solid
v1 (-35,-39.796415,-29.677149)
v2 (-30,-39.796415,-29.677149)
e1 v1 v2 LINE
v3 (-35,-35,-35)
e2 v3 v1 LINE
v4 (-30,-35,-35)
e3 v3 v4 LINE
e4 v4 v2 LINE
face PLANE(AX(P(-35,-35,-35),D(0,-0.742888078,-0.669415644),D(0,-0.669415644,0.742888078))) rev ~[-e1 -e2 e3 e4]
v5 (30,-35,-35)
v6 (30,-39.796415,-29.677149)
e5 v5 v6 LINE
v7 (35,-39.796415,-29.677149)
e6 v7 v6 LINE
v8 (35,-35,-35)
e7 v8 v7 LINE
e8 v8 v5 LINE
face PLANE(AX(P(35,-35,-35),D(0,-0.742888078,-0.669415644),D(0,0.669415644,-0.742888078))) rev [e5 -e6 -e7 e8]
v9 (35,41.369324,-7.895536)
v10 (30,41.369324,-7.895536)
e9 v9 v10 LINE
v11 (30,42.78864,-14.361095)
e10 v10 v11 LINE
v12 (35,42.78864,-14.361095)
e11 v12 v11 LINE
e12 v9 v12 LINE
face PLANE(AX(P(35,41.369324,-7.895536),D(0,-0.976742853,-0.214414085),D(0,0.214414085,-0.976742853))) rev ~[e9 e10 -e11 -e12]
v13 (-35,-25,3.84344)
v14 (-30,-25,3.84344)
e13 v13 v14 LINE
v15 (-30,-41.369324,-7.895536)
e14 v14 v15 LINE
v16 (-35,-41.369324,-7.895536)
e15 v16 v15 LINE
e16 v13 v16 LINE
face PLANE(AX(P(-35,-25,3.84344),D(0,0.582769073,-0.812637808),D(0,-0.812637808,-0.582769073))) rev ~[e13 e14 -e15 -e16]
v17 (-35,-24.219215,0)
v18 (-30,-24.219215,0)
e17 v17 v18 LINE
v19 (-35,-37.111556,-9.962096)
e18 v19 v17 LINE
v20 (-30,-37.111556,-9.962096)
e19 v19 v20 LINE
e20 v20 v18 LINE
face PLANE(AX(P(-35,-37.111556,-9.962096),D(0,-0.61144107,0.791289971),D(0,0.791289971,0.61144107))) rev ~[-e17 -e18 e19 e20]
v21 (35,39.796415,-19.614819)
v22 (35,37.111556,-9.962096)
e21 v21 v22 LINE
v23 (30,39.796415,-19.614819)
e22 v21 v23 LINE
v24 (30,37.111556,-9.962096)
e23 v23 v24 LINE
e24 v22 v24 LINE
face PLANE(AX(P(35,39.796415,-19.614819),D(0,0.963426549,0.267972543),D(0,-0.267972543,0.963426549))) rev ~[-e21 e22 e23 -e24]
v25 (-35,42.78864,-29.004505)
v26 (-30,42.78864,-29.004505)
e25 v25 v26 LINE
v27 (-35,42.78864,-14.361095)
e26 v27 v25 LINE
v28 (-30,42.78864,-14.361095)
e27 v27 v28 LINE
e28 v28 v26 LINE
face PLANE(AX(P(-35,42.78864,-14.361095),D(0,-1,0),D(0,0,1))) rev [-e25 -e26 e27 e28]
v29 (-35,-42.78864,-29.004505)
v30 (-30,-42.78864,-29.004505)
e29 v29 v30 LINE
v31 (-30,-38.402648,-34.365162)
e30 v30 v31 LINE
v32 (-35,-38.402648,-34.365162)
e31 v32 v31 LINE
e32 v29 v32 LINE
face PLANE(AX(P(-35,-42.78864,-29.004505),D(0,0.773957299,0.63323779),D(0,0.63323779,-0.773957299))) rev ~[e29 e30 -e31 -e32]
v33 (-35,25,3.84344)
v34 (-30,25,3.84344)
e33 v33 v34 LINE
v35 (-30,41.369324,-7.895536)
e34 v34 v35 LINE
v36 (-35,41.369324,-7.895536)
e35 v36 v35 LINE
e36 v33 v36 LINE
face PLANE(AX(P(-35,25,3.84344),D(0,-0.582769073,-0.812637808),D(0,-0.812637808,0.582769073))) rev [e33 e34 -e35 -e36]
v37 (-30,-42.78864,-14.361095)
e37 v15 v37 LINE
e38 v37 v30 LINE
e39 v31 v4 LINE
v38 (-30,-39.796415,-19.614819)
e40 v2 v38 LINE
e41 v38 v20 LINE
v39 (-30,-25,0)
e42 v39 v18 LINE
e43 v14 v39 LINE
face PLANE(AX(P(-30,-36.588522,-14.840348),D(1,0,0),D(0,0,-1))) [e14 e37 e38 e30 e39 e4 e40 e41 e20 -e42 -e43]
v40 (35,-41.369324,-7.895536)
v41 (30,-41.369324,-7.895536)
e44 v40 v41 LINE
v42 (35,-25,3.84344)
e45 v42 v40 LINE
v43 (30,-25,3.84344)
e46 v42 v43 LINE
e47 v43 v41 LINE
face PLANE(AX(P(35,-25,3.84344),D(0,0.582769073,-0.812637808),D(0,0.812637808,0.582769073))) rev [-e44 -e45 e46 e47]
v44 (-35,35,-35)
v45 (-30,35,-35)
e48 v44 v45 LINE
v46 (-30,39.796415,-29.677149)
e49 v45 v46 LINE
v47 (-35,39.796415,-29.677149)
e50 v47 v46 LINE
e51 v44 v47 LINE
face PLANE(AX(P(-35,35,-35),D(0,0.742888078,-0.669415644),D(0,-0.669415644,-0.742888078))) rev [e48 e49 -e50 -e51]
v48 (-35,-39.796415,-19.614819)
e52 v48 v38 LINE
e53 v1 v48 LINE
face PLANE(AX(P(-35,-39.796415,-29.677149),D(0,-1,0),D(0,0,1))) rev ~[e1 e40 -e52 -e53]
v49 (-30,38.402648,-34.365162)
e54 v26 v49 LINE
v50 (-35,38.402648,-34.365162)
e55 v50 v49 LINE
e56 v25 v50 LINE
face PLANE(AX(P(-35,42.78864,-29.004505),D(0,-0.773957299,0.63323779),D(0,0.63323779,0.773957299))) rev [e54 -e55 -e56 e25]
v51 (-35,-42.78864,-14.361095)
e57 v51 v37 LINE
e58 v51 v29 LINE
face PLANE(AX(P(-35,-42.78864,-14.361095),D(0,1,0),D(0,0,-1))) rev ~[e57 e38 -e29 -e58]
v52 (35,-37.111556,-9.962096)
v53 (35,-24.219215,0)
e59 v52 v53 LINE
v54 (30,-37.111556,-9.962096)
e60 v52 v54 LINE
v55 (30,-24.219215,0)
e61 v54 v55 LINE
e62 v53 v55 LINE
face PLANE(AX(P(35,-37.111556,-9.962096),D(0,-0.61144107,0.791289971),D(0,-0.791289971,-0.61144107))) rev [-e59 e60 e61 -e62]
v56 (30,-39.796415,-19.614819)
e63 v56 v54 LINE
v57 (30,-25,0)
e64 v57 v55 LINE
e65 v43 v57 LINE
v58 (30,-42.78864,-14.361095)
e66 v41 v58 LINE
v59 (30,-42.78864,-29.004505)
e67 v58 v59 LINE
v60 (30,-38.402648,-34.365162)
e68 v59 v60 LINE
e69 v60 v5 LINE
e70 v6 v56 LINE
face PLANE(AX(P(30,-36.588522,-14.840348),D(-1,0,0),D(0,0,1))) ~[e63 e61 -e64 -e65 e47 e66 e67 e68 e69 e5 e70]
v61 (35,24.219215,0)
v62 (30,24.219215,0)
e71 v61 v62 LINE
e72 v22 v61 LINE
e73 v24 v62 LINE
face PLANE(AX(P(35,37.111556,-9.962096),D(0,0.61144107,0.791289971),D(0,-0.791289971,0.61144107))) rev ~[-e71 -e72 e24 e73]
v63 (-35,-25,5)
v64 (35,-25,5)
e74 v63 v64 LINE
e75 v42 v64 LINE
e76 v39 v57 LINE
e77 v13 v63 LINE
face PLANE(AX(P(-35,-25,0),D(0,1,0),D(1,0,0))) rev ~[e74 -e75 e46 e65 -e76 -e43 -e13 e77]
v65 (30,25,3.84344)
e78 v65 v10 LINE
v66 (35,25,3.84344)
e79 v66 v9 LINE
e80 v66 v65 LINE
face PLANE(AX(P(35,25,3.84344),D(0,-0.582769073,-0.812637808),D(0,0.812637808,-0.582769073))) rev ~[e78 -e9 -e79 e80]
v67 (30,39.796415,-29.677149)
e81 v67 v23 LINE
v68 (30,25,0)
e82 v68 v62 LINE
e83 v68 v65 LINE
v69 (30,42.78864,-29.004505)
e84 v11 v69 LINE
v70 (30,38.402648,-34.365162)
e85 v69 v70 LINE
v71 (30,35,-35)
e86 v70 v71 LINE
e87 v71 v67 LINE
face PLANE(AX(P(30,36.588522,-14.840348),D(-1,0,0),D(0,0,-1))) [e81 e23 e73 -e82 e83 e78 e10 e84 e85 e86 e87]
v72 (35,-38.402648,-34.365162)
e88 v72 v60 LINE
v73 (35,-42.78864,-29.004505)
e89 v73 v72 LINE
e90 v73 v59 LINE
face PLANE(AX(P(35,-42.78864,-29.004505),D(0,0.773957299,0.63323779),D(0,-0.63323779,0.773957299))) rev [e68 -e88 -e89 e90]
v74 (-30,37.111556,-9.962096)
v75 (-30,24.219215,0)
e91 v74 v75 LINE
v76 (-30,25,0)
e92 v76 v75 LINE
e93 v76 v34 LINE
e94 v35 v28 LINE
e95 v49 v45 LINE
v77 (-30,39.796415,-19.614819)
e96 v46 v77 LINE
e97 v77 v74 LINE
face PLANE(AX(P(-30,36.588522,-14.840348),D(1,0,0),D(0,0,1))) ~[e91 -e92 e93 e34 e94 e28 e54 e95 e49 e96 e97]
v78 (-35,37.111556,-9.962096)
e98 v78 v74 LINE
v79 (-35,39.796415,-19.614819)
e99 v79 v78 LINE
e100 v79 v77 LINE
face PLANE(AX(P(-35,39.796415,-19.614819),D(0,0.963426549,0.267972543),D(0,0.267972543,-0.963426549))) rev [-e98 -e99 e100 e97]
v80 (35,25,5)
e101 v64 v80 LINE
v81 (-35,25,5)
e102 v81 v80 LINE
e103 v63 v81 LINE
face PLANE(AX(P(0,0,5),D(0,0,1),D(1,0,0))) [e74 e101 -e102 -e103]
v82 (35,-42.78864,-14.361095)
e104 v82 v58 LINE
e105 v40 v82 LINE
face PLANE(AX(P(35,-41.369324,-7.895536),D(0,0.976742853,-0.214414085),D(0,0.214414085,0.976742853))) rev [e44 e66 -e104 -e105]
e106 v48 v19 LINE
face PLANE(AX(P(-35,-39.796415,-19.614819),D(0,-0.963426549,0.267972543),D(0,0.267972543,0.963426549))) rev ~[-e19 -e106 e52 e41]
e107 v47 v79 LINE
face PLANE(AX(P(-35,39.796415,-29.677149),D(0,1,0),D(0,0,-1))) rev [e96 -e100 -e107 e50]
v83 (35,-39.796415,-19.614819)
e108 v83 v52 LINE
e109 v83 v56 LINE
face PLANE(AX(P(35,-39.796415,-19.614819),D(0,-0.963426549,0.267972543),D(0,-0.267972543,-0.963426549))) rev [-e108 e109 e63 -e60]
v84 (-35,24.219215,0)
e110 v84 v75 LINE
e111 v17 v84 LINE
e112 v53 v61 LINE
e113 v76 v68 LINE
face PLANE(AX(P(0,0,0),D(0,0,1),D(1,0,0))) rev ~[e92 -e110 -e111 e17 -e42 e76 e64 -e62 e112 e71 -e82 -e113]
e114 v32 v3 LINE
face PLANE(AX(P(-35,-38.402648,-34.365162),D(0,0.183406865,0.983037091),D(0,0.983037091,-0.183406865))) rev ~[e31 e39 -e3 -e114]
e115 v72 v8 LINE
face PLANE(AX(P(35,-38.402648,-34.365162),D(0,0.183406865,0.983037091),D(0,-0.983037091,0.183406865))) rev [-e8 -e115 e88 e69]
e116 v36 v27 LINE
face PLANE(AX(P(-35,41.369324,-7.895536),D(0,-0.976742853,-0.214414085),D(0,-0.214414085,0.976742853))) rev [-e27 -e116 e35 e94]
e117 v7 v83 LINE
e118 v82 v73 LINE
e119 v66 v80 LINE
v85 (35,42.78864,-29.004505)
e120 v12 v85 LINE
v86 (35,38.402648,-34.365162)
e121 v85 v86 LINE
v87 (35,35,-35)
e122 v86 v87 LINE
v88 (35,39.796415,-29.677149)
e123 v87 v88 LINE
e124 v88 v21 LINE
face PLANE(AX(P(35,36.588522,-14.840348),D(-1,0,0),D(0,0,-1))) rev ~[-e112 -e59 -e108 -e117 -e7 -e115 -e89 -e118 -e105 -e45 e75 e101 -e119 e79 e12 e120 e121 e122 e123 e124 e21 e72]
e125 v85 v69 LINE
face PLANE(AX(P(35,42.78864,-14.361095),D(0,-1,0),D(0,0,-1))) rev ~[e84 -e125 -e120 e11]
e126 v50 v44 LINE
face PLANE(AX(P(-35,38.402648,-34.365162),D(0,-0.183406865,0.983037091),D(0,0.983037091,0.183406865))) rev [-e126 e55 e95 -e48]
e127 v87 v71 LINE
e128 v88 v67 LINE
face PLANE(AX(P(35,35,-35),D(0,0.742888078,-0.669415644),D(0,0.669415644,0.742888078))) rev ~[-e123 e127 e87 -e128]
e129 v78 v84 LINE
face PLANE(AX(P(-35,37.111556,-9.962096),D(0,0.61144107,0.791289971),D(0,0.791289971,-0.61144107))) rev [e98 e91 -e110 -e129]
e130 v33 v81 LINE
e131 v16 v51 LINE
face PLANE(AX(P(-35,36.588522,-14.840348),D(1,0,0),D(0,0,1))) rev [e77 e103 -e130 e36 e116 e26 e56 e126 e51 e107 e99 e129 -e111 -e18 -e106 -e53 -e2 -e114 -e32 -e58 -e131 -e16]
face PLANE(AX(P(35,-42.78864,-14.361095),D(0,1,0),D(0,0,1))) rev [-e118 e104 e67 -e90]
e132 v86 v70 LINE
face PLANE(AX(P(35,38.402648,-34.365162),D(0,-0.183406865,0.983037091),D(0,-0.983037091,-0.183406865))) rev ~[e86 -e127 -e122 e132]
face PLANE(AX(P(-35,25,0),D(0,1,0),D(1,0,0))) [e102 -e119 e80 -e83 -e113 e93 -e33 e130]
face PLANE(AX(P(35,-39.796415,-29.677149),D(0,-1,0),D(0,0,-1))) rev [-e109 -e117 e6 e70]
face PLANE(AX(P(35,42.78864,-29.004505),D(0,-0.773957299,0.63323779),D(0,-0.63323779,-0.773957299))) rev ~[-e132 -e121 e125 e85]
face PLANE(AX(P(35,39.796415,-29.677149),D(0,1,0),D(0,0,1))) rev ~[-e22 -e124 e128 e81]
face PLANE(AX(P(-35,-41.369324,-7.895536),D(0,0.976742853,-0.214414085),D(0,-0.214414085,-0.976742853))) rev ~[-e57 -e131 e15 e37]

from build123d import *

# Parameters (mm, degrees)
SKETCH1_W            = 70
SKETCH1_H            = 50
BOSS_EXTRUDE1_DEPTH  = 5
BOSS_EXTRUDE2_DEPTH  = 5
MIRROR2_COPY_1_DEPTH = 5


with BuildPart() as part:
    # Sketch1 → Boss-Extrude1 (new body)
    with BuildSketch(Plane.XY):
        Rectangle(SKETCH1_W, SKETCH1_H)
    extrude(amount=BOSS_EXTRUDE1_DEPTH)

    # Sketch2 → Boss-Extrude2 (add)
    with BuildSketch(Plane.ZY.offset(35)):
        Polygon((3.843440475, -25), (-7.895535709, -41.369324188), (-14.361094855, -42.788640383), (-29.004505052, -42.788640383), (-34.365162286, -38.4026481), (-35, -35), (-29.677149334, -39.79641498), (-19.61481892, -39.79641498), (-9.962095697, -37.111555615), (0, -24.21921522), align=None)
    boss_extrude2 = extrude(amount=-BOSS_EXTRUDE2_DEPTH)

    # Mirror1: Boss-Extrude2 across plane
    add(boss_extrude2.mirror(Plane.ZX))

    # Mirror2: Boss-Extrude2 across plane
    add(boss_extrude2.mirror(Plane(origin=(0, 0, 0), x_dir=(0, 0, 1), z_dir=(1, 0, 0))))

    # Mirror2 copy 1 sketch → Mirror2 copy 1 (add)
    with BuildSketch(Plane(origin=(35, 0, 0), x_dir=(0, 0, 1), z_dir=(1, 0, 0))):
        Polygon((3.843440475, -25), (-7.895535709, -41.369324188), (-14.361094855, -42.788640383), (-29.004505052, -42.788640383), (-34.365162286, -38.4026481), (-35, -35), (-29.677149334, -39.79641498), (-19.61481892, -39.79641498), (-9.962095697, -37.111555615), (0, -24.21921522), align=None)
    extrude(amount=-MIRROR2_COPY_1_DEPTH)


solid = part.part
